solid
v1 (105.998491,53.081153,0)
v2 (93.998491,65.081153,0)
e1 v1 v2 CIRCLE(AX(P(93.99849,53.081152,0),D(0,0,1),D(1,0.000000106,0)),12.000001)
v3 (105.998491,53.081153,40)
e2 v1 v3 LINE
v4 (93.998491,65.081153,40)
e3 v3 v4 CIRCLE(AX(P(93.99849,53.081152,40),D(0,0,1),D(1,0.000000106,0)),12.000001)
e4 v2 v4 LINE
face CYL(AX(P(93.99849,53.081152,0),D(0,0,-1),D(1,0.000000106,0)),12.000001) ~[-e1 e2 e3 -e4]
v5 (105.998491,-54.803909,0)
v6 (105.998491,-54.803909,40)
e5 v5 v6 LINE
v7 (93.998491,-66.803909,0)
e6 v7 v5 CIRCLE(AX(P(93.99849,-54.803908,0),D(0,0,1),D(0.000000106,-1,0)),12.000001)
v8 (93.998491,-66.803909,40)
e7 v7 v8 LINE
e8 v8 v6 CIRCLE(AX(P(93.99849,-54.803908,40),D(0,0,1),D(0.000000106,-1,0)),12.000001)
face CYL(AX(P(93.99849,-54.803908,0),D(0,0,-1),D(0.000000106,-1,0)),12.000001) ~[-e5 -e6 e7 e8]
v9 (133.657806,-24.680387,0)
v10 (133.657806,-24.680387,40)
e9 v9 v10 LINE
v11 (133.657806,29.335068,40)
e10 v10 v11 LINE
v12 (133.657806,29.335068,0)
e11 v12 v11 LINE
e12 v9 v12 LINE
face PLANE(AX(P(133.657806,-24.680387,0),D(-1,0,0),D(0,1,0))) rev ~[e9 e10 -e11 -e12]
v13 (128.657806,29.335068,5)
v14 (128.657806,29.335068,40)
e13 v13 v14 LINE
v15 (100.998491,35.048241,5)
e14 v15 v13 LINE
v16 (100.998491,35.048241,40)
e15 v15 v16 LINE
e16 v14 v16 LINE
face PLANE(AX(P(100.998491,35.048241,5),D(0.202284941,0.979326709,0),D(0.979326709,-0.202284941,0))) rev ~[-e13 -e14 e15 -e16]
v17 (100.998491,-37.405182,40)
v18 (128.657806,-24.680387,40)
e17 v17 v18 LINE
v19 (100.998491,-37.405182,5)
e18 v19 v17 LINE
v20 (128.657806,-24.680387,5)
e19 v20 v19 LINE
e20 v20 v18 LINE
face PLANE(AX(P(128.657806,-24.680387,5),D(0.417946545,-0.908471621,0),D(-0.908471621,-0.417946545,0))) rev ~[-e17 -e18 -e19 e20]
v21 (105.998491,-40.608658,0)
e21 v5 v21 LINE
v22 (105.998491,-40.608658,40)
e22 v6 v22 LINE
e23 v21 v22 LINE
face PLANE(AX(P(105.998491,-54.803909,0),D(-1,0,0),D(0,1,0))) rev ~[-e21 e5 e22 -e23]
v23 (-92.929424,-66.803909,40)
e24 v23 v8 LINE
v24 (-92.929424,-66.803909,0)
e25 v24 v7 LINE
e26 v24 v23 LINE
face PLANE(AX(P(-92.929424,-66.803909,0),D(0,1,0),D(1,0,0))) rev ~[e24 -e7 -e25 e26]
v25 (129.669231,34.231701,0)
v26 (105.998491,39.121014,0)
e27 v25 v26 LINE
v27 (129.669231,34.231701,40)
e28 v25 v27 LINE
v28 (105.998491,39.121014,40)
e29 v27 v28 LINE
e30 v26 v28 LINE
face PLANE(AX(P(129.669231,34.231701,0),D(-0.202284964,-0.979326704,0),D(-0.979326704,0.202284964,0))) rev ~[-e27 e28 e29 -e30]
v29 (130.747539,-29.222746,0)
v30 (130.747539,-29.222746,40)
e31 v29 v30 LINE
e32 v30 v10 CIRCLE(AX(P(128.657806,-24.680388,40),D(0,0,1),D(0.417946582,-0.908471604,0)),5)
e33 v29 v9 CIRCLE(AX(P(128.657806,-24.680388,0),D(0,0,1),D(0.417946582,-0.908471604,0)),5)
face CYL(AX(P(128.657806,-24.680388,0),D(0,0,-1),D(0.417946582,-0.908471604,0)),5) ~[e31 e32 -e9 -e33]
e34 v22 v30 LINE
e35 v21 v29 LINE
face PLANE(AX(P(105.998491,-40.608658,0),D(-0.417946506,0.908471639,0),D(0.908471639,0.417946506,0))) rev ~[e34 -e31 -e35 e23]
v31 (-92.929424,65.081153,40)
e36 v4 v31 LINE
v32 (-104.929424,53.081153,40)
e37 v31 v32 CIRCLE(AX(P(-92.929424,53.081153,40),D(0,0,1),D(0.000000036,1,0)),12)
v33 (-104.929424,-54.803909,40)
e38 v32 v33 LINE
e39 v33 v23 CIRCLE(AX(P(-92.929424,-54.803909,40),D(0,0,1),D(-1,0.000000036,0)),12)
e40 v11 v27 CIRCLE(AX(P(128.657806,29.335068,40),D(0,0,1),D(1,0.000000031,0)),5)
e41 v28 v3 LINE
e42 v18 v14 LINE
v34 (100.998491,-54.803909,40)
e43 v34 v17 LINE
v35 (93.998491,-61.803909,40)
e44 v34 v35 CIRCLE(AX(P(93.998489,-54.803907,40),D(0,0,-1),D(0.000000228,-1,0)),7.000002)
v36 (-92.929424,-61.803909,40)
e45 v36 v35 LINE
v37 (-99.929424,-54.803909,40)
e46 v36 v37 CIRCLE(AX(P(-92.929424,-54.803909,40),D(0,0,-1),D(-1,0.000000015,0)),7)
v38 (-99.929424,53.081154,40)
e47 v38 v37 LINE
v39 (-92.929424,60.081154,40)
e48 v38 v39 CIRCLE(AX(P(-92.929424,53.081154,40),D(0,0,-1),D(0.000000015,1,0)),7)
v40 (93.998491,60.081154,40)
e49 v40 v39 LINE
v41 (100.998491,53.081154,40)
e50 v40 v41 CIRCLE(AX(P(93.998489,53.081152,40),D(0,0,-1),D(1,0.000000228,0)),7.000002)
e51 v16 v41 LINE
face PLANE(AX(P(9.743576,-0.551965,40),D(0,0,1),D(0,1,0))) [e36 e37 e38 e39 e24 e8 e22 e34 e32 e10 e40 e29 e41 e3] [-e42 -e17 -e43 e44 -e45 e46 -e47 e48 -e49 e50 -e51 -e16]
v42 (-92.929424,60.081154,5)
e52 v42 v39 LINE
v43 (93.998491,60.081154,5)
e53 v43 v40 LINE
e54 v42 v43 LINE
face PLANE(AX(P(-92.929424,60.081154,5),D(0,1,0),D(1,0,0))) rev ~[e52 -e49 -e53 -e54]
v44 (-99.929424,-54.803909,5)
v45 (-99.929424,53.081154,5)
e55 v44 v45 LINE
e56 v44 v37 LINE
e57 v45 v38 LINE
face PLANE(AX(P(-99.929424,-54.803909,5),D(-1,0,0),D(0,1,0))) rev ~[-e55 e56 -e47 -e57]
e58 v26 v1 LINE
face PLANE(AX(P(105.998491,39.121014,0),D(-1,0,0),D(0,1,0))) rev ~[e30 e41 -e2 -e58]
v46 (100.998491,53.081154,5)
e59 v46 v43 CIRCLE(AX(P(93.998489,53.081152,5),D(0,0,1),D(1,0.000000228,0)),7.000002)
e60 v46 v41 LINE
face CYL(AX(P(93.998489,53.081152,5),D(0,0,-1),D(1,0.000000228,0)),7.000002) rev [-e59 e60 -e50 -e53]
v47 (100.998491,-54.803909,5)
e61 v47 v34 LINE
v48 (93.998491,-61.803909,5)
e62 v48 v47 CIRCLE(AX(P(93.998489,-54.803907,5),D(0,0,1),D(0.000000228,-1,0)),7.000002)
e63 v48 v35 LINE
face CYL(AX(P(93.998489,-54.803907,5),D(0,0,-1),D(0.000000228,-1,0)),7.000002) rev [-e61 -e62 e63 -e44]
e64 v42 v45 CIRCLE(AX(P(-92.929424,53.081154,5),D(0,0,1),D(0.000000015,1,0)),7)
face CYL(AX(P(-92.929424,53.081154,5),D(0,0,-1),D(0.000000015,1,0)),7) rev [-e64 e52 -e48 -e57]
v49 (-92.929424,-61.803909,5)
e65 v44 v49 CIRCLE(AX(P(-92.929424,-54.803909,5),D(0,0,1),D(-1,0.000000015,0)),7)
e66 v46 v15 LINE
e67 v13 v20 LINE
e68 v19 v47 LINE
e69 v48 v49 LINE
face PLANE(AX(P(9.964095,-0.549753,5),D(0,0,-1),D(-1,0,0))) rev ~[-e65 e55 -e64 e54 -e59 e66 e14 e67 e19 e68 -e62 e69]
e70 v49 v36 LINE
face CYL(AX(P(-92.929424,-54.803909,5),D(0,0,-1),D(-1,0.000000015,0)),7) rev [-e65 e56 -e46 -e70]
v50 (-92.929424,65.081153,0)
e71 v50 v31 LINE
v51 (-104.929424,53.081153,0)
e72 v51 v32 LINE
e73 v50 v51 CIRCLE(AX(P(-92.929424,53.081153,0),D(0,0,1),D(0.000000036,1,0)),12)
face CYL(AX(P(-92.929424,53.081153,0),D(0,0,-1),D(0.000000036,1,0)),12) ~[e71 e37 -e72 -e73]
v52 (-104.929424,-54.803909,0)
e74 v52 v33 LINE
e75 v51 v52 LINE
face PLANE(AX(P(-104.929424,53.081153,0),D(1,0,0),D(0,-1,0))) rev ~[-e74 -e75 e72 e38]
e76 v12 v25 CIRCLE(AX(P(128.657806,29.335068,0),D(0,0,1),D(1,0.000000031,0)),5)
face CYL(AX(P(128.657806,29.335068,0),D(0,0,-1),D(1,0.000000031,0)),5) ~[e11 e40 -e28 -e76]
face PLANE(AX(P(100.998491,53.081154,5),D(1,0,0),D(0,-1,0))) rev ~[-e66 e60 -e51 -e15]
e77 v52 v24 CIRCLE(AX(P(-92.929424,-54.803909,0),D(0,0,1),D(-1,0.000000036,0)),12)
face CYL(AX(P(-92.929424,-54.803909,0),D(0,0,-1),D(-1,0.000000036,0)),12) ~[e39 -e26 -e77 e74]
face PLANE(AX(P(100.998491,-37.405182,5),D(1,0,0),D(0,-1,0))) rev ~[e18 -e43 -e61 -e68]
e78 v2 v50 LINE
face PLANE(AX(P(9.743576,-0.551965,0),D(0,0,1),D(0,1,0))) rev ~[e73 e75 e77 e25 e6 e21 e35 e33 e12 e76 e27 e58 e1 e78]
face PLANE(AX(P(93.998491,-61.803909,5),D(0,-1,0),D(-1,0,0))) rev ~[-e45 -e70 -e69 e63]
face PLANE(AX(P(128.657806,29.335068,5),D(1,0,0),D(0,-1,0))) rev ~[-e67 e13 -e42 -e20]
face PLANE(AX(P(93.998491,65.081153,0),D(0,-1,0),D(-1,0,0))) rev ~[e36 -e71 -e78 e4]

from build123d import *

# Parameters (mm, degrees)
EXTRUDE_DEPTH    = 40
EXTRUDE001_DEPTH = 40


with BuildPart() as extrude_body:
    # Sketch → Extrude (new body)
    with BuildSketch(Plane.XY):
        with BuildLine():
            Line((-92.929424, 60.081154), (93.998491, 60.081154))
            ThreePointArc((100.998491, 53.081154), (98.948238, 58.030901), (93.998491, 60.081154))
            Line((100.998491, 53.081154), (100.998491, 35.048241))
            Line((100.998491, 35.048241), (128.657806, 29.335068))
            Line((128.657806, 29.335068), (128.657806, -24.680387))
            Line((128.657806, -24.680387), (100.998491, -37.405182))
            Line((100.998491, -37.405182), (100.998491, -54.803909))
            ThreePointArc((93.998491, -61.803909), (98.948238, -59.753656), (100.998491, -54.803909))
            Line((93.998491, -61.803909), (-92.929424, -61.803909))
            ThreePointArc((-99.929424, -54.803909), (-97.879172, -59.753656), (-92.929424, -61.803909))
            Line((-99.929424, -54.803909), (-99.929424, 53.081154))
            ThreePointArc((-92.929424, 60.081154), (-97.879172, 58.030901), (-99.929424, 53.081154))
        make_face()
    extrude(amount=EXTRUDE_DEPTH)


with BuildPart() as extrude_body_1:
    # Extrude placement: moved
    add(extrude_body.part.moved(Location((0, 0, 5))))


with BuildPart() as bottom:
    # Offset2D → Extrude001 (new body)
    with BuildSketch(Plane(origin=(14.364191, -0.861378, 0), x_dir=(0, 1, 0), z_dir=(0, 0, 1))):
        with BuildLine():
            Line((53.942531, 119.293615), (-53.942531, 119.293615))
            ThreePointArc((-53.942531, 119.293615), (-62.427812, 115.778897), (-65.942531, 107.293615))
            Line((-65.942531, 107.293615), (-65.942531, -79.6343))
            ThreePointArc((-65.942531, -79.6343), (-62.427812, -88.119581), (-53.942531, -91.6343))
            Line((-53.942531, -91.6343), (-39.74728, -91.6343))
            Line((-39.74728, -91.6343), (-28.361368, -116.383348))
            ThreePointArc((-28.361368, -116.383348), (-26.516354, -118.503643), (-23.819009, -119.293615))
            Line((-23.819009, -119.293615), (30.196446, -119.293615))
            ThreePointArc((30.196446, -119.293615), (33.354204, -118.170284), (35.093079, -115.30504))
            Line((35.093079, -115.30504), (39.982392, -91.6343))
            Line((39.982392, -91.6343), (53.942531, -91.6343))
            ThreePointArc((53.942531, -91.6343), (62.427812, -88.119581), (65.942531, -79.6343))
            Line((65.942531, -79.6343), (65.942531, 107.293615))
            ThreePointArc((65.942531, 107.293615), (62.427812, 115.778897), (53.942531, 119.293615))
        make_face()
    extrude(amount=EXTRUDE001_DEPTH)

    # Cut: cut Extrude body
    add(extrude_body_1.part, mode=Mode.SUBTRACT)


solid = bottom.part
